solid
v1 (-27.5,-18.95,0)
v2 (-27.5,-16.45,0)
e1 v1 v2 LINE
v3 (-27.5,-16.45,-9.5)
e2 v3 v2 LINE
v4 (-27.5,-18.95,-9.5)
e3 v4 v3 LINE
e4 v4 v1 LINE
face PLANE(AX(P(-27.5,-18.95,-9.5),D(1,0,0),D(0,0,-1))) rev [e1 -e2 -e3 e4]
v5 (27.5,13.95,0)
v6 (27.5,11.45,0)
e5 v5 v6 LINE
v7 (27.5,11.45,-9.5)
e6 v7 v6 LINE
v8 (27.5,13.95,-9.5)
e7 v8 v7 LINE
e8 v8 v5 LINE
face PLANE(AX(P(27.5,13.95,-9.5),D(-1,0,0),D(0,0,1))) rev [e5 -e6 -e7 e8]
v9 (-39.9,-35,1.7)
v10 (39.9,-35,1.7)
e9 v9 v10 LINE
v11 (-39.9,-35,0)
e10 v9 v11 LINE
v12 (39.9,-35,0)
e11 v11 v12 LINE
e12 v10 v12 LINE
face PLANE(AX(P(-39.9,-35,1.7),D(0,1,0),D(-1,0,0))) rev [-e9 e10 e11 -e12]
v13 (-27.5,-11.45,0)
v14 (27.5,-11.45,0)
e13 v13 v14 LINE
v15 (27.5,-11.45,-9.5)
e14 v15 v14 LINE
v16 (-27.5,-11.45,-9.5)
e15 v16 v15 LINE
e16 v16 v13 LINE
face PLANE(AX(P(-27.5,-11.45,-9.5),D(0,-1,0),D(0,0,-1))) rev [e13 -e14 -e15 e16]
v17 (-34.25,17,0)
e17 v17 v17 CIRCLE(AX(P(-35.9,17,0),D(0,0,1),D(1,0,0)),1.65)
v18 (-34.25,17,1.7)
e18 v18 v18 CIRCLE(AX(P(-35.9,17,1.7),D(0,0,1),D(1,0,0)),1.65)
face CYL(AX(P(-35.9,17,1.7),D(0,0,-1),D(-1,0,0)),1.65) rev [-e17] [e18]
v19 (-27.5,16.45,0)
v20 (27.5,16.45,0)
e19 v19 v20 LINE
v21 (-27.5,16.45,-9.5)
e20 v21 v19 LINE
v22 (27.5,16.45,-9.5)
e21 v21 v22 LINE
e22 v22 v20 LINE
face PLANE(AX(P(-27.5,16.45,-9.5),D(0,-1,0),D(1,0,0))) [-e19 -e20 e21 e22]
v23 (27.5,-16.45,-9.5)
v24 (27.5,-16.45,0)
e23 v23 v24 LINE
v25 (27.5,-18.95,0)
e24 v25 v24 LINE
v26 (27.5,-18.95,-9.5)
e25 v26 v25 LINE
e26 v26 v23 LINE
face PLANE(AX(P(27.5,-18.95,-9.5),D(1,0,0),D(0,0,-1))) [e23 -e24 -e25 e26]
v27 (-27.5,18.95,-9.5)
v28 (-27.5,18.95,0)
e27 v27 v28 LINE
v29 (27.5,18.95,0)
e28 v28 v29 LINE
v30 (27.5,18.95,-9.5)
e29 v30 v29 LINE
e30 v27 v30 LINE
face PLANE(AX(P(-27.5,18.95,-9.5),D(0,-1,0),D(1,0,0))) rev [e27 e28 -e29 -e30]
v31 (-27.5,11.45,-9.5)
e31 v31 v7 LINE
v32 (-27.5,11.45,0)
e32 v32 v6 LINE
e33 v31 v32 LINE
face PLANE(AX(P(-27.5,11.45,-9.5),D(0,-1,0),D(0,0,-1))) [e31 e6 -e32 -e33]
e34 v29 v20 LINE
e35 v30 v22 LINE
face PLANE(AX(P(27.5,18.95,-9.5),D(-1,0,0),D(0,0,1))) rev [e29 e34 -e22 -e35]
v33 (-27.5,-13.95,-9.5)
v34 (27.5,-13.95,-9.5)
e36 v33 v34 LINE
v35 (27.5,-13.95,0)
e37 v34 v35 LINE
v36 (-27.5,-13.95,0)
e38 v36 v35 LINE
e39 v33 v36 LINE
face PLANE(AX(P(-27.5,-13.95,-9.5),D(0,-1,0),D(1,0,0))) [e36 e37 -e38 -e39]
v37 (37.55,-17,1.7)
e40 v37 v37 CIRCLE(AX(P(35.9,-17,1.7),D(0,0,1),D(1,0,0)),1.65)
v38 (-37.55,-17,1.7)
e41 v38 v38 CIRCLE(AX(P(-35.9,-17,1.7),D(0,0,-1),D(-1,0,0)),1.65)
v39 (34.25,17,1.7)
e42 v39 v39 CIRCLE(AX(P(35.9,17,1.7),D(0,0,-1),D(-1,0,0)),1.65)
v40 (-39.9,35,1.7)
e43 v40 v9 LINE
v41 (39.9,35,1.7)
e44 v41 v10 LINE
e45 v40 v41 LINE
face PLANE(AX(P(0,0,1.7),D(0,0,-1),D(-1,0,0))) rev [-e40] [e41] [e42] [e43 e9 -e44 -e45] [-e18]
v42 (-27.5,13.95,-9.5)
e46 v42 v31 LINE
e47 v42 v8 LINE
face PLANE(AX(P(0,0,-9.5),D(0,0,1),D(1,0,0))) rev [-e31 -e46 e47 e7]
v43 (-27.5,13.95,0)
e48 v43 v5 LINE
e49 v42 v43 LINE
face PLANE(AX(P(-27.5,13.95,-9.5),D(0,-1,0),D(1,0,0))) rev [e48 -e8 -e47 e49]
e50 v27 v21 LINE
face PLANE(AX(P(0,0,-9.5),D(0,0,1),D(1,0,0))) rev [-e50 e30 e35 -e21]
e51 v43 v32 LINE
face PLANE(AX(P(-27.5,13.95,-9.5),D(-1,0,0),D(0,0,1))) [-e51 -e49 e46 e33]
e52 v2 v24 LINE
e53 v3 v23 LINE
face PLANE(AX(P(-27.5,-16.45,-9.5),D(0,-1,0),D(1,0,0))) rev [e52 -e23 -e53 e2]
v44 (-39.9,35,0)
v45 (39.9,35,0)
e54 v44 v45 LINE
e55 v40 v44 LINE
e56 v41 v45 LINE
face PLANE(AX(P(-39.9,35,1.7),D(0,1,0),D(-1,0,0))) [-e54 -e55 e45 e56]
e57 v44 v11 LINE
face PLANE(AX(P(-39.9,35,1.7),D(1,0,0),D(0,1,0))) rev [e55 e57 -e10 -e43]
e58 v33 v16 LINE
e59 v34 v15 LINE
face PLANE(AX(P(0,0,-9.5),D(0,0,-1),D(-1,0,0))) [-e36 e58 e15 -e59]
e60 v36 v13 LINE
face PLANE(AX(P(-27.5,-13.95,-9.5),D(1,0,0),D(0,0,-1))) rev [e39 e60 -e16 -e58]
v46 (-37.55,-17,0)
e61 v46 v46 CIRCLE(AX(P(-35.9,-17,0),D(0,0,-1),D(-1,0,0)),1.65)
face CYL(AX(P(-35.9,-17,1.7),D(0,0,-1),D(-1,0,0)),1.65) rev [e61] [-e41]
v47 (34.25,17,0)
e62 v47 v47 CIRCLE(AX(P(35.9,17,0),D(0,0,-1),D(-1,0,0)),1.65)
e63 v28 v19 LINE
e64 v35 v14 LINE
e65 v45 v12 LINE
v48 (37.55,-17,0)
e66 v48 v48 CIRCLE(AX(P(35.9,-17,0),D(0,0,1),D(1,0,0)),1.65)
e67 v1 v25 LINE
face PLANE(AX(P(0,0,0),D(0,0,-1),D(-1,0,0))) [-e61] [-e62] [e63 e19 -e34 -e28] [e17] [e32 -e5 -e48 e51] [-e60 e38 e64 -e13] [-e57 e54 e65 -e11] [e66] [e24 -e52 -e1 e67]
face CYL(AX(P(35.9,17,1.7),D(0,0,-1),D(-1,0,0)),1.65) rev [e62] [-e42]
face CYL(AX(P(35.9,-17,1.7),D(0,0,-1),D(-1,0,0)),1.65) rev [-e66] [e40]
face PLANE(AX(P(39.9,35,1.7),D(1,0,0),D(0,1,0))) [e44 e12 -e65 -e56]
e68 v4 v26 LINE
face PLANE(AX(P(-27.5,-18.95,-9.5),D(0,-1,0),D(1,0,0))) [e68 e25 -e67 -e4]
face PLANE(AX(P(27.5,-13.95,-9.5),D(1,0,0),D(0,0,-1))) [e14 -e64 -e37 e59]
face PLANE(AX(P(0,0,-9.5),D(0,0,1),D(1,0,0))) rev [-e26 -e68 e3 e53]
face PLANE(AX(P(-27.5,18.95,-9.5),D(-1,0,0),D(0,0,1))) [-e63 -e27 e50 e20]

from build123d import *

# Parameters (mm, degrees)
SKETCH1_W           = 79.8
SKETCH1_H           = 70
BOSS_EXTRUDE1_DEPTH = 1.7
SKETCH1_3_W         = 55
SKETCH1_3_H         = 2.5
BOSS_EXTRUDE2_DEPTH = 9.5
SKETCH1_4_R         = 1.65
CUT_EXTRUDE1_DEPTH  = 54.919013344


with BuildPart() as part:
    # Sketch1 → Boss-Extrude1 (new body)
    with BuildSketch(Plane.XY):
        Rectangle(SKETCH1_W, SKETCH1_H)
    extrude(amount=BOSS_EXTRUDE1_DEPTH)

    # Sketch1<3> → Boss-Extrude2 (add)
    with BuildSketch(Plane.XY):
        with Locations((0, -12.7)):
            Rectangle(SKETCH1_3_W, SKETCH1_3_H)
        with Locations((0, 12.7)):
            Rectangle(SKETCH1_3_W, SKETCH1_3_H)
        with Locations((0, -17.7)):
            Rectangle(SKETCH1_3_W, SKETCH1_3_H)
        with Locations((0, 17.7)):
            Rectangle(SKETCH1_3_W, SKETCH1_3_H)
    extrude(amount=-BOSS_EXTRUDE2_DEPTH)

    # Sketch1<4> → Cut-Extrude1 (cut, through all)
    with BuildSketch(Plane.XY):
        with Locations((-35.9, 17)):
            Circle(SKETCH1_4_R)
        with Locations((35.9, 17)):
            Circle(SKETCH1_4_R)
        with Locations((35.9, -17)):
            Circle(SKETCH1_4_R)
        with Locations((-35.9, -17)):
            Circle(SKETCH1_4_R)
    extrude(amount=CUT_EXTRUDE1_DEPTH, mode=Mode.SUBTRACT)


solid = part.part
